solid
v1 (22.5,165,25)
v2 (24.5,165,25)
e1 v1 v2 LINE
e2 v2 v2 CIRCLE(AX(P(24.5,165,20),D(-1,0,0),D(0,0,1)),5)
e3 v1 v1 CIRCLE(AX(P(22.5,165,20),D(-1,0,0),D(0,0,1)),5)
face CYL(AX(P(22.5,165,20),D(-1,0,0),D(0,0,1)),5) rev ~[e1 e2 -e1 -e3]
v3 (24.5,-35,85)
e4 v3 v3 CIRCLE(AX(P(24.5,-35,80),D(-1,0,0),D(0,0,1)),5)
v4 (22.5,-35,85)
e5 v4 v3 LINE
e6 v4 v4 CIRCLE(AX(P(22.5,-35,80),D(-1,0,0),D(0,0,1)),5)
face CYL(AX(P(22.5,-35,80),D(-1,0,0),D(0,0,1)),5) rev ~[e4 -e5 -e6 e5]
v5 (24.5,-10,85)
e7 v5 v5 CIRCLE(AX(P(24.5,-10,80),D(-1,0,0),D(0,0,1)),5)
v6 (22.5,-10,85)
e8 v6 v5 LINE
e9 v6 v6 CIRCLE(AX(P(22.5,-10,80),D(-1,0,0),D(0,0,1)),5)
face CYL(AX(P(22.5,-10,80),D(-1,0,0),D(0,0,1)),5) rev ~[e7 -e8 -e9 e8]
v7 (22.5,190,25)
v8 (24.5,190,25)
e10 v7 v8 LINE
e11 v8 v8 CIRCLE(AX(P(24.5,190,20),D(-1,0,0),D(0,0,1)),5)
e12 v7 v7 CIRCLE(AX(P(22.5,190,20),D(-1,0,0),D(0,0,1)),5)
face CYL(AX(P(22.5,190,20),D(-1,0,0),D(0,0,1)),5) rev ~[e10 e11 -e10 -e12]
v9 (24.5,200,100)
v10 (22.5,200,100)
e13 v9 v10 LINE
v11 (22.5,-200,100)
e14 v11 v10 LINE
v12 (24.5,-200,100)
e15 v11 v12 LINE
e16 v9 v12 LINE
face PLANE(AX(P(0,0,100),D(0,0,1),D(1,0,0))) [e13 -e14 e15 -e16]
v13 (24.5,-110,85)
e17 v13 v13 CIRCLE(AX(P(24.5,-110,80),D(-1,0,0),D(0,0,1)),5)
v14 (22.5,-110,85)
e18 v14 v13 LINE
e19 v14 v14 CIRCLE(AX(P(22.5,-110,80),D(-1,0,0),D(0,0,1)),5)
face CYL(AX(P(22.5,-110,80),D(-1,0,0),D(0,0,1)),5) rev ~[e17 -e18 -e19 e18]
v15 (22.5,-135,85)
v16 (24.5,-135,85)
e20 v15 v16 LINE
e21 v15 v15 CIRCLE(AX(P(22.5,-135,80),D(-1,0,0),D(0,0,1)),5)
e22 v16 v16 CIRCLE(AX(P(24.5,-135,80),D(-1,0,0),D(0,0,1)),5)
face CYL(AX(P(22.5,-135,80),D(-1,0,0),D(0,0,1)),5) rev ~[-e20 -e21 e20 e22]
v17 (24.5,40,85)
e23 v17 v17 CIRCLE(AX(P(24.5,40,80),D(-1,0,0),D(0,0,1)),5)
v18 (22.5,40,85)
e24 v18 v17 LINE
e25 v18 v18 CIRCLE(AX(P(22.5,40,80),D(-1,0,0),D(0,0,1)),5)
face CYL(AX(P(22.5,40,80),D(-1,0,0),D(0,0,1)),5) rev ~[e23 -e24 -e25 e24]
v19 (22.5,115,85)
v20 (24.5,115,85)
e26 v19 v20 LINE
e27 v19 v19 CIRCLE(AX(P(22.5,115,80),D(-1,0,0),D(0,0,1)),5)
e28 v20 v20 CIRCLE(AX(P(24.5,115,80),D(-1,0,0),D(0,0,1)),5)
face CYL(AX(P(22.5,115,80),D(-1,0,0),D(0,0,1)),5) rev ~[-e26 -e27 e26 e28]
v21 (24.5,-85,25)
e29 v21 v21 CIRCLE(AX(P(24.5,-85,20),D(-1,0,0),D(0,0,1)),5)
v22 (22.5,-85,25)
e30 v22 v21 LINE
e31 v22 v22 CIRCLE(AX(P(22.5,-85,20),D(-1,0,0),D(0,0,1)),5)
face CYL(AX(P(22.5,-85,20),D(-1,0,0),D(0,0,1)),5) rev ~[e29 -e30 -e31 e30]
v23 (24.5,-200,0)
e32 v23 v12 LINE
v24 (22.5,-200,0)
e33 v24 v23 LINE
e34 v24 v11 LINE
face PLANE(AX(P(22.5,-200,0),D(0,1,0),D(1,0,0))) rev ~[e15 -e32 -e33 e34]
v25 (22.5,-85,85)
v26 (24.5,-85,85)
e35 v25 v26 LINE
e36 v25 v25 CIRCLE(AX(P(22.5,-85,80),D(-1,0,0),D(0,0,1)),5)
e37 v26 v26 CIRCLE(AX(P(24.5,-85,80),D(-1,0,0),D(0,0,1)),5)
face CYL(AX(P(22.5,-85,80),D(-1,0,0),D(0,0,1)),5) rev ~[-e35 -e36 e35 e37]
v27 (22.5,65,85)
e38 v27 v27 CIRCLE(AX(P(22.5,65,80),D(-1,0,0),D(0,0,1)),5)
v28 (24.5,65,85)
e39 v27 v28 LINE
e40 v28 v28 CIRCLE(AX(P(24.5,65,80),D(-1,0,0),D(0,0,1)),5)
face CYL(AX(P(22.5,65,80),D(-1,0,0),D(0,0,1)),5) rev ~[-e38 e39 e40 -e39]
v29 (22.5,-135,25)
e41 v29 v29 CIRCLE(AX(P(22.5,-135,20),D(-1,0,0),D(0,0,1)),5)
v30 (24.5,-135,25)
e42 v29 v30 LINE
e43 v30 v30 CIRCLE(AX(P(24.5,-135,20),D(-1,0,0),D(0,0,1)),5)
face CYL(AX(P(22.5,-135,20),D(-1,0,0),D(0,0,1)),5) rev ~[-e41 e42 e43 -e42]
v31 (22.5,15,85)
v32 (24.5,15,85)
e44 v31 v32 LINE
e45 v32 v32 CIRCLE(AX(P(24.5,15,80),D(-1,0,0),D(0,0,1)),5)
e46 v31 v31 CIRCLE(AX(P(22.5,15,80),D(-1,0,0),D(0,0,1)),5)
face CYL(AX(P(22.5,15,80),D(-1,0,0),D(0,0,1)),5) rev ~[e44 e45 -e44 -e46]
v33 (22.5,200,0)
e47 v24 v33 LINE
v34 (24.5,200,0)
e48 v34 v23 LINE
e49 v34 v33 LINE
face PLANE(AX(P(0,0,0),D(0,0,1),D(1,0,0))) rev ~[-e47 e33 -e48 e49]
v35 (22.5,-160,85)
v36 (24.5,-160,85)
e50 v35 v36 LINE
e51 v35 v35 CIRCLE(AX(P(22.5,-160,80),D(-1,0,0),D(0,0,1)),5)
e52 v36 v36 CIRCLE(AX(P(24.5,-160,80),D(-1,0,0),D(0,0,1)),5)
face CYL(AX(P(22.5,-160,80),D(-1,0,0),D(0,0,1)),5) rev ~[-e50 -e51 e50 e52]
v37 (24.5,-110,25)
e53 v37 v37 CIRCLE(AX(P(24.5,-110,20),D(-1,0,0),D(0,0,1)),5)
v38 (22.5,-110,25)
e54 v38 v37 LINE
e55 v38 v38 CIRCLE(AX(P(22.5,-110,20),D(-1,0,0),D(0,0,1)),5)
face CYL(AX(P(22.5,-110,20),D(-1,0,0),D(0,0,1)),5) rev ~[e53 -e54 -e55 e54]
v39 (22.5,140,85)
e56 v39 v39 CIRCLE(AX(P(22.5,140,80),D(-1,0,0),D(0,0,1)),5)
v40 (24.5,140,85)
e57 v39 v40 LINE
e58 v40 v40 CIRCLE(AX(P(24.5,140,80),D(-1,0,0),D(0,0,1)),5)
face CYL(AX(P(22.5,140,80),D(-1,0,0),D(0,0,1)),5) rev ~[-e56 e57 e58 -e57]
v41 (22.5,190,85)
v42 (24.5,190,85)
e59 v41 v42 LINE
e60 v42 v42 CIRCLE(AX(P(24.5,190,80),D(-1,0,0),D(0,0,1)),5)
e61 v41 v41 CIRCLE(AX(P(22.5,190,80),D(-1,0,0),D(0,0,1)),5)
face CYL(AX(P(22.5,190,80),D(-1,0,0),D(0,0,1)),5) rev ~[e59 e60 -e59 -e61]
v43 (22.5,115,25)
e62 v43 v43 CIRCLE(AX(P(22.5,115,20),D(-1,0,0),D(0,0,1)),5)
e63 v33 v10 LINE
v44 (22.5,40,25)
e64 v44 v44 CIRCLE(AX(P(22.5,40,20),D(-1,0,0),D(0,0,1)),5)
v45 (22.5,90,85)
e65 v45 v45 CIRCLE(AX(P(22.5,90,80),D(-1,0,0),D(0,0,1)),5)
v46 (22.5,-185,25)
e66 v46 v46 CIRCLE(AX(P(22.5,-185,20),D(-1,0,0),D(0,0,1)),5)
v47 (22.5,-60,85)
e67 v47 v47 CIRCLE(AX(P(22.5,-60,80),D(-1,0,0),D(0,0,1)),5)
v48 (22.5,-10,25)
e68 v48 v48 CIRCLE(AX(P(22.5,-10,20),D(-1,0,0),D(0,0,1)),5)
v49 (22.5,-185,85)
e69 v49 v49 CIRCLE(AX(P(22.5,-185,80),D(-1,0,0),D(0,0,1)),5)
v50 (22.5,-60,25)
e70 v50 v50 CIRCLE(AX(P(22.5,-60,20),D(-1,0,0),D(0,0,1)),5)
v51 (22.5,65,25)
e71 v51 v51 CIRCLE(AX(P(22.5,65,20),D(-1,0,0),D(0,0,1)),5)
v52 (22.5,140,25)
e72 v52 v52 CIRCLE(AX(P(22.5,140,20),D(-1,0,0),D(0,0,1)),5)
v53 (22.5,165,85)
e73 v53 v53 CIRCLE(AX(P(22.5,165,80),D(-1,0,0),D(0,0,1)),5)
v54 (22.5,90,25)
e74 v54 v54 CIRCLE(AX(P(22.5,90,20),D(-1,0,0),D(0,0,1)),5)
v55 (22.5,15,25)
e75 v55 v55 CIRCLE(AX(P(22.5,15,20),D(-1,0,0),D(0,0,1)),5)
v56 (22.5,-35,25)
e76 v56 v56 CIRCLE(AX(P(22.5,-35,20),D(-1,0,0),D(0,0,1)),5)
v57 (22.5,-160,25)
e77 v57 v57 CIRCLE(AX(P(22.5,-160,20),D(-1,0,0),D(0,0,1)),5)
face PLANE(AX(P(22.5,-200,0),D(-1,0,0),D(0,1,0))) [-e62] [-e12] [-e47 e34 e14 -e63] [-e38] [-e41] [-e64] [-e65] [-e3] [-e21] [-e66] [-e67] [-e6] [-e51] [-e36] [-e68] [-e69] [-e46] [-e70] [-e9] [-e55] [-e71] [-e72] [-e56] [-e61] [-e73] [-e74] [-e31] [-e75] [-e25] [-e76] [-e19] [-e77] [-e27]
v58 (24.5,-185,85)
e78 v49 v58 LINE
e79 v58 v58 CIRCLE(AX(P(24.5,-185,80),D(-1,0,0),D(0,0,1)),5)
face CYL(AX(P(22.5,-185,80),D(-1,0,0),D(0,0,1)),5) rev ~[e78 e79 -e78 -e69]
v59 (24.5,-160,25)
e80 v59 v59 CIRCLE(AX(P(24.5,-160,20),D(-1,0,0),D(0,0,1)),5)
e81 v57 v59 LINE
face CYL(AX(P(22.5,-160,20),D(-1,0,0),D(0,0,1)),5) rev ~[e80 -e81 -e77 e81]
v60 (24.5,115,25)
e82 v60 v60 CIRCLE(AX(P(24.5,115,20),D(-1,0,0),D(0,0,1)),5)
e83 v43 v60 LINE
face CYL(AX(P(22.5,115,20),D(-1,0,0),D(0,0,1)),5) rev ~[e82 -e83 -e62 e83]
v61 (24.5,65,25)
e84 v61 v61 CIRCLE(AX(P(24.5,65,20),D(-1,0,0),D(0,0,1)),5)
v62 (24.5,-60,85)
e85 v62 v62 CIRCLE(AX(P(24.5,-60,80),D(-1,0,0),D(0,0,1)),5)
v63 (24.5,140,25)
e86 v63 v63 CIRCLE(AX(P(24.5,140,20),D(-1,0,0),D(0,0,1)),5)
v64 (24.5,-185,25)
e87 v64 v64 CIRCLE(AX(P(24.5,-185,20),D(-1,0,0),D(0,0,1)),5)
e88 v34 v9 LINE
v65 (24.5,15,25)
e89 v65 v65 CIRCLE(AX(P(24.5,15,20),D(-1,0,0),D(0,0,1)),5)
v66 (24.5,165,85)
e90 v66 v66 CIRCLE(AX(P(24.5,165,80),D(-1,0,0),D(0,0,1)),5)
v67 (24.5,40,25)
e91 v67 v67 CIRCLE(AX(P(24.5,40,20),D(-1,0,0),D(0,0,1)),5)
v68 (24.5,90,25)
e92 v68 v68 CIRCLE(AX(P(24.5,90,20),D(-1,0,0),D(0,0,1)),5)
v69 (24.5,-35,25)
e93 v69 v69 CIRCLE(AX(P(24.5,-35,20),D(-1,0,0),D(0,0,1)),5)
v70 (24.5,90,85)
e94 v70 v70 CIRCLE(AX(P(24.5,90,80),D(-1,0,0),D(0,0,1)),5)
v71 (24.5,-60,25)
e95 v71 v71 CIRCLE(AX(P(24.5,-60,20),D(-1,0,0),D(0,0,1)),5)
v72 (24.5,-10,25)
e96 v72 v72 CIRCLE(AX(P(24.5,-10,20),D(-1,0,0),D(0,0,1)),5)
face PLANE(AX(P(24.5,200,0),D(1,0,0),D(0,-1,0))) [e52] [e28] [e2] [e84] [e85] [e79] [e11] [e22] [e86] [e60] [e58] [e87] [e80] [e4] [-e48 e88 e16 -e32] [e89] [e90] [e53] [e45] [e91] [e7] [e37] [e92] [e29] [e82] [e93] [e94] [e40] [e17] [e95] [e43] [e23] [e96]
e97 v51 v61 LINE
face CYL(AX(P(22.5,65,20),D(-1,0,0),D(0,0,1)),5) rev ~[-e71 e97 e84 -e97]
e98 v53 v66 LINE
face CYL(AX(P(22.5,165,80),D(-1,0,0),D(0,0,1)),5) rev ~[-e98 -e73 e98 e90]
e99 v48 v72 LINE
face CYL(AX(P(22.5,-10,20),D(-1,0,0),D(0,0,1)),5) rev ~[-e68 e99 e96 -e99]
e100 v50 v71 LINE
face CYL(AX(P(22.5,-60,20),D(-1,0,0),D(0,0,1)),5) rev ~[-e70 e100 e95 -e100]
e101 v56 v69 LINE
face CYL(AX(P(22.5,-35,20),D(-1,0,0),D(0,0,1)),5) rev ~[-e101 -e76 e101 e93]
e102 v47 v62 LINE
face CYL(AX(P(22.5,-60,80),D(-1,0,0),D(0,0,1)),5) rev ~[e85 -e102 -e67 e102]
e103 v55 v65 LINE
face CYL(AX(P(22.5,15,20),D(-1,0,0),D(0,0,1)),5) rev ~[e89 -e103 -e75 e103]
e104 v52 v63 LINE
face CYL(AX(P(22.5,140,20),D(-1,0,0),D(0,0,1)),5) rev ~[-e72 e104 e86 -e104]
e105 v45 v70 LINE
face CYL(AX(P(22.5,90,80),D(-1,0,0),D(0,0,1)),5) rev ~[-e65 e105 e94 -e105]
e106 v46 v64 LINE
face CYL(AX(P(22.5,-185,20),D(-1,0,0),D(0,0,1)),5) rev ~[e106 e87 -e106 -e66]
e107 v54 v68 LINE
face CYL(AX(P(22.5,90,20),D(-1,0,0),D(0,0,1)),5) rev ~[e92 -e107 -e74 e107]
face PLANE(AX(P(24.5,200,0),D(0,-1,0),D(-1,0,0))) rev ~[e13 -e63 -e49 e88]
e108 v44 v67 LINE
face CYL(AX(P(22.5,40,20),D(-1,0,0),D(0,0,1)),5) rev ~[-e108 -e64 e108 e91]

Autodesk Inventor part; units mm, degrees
ref_plane "YZ Plane" through (0, 0, 0) normal (1, 0, 0) x (0, 1, 0)
ref_plane "XZ Plane" through (0, 0, 0) normal (0, 1, 0) x (-1, 0, 0)
ref_plane "XY Plane" through (0, 0, 0) normal (0, 0, 1) x (1, 0, 0)
ref_plane "Work Plane1" through (0, 0, 0) normal (0, 0, 1) x (1, 0, 0)
sketch "Sketch1" plane through (0, 0, 0) normal (0, 0, 1) x (1, 0, 0)
  arc A0 (3437.5, 230) -> (3437.5, 220) centre (3437.5, 225) ccw projected
  line L0 (3437.5, 230) -> (3452.5, 230) projected
  arc A1 (3452.5, 220) -> (3452.5, 230) centre (3452.5, 225) ccw projected
  line L1 (3452.5, 220) -> (3437.5, 220) projected
  arc A2 (2192.5, 230) -> (2192.5, 220) centre (2192.5, 225) ccw projected
  line L2 (2192.5, 230) -> (2207.5, 230) projected
  arc A3 (2207.5, 220) -> (2207.5, 230) centre (2207.5, 225) ccw projected
  line L3 (2207.5, 220) -> (2192.5, 220) projected
  arc A4 (942.5, 230) -> (942.5, 220) centre (942.5, 225) ccw projected
  line L4 (942.5, 230) -> (957.5, 230) projected
  arc A5 (957.5, 220) -> (957.5, 230) centre (957.5, 225) ccw projected
  line L5 (957.5, 220) -> (942.5, 220) projected
  arc A6 (-7.5, 230) -> (-7.5, 220) centre (-7.5, 225) ccw projected
  line L6 (-7.5, 230) -> (7.5, 230) projected
  arc A7 (7.5, 220) -> (7.5, 230) centre (7.5, 225) ccw projected
  line L7 (7.5, 220) -> (-7.5, 220) projected
  arc A8 (-7.5, -220) -> (-7.5, -230) centre (-7.5, -225) ccw projected
  line L8 (-7.5, -220) -> (7.5, -220) projected
  arc A9 (7.5, -230) -> (7.5, -220) centre (7.5, -225) ccw projected
  line L9 (7.5, -230) -> (-7.5, -230) projected
  arc A10 (942.5, -220) -> (942.5, -230) centre (942.5, -225) ccw projected
  line L10 (942.5, -220) -> (957.5, -220) projected
  arc A11 (957.5, -230) -> (957.5, -220) centre (957.5, -225) ccw projected
  line L11 (957.5, -230) -> (942.5, -230) projected
  arc A12 (2192.5, -220) -> (2192.5, -230) centre (2192.5, -225) ccw projected
  line L12 (2192.5, -220) -> (2207.5, -220) projected
  arc A13 (2207.5, -230) -> (2207.5, -220) centre (2207.5, -225) ccw projected
  line L13 (2207.5, -230) -> (2192.5, -230) projected
  arc A14 (3437.5, -220) -> (3437.5, -230) centre (3437.5, -225) ccw projected
  line L14 (3437.5, -220) -> (3452.5, -220) projected
  arc A15 (3452.5, -230) -> (3452.5, -220) centre (3452.5, -225) ccw projected
  line L15 (3452.5, -230) -> (3437.5, -230) projected
  line L16 (22.5, -250) -> (22.5, -200) projected
  line L17 (22.5, -200) -> (927.5, -200) projected
  line L18 (927.5, -200) -> (927.5, -250) projected
  line L19 (927.5, -250) -> (972.5, -250) projected
  line L20 (972.5, -250) -> (972.5, -200) projected
  line L21 (972.5, -200) -> (2177.5, -200) projected
  line L22 (2177.5, -200) -> (2177.5, -250) projected
  line L23 (2177.5, -250) -> (2222.5, -250) projected
  line L24 (2222.5, -250) -> (2222.5, -200) projected
  line L25 (2222.5, -200) -> (3422.5, -200) projected
  line L26 (3422.5, -200) -> (3422.5, -250) projected
  line L27 (3422.5, -250) -> (3467.5, -250) projected
  line L28 (3467.5, -250) -> (3467.5, 250) projected
  line L29 (3467.5, 250) -> (3422.5, 250) projected
  line L30 (3422.5, 250) -> (3422.5, 200) projected
  line L31 (3422.5, 200) -> (2222.5, 200) projected
  line L32 (2222.5, 200) -> (2222.5, 250) projected
  line L33 (2222.5, 250) -> (2177.5, 250) projected
  line L34 (2177.5, 250) -> (2177.5, 200) projected
  line L35 (2177.5, 200) -> (972.5, 200) projected
  line L36 (972.5, 200) -> (972.5, 250) projected
  line L37 (972.5, 250) -> (927.5, 250) projected
  line L38 (927.5, 250) -> (927.5, 200) projected
  line L39 (927.5, 200) -> (22.5, 200) projected
  line L40 (22.5, 200) -> (22.5, 250) projected
  line L41 (22.5, 250) -> (-22.5, 250) projected
  line L42 (-22.5, 250) -> (-22.5, -250) projected
  line L43 (-22.5, -250) -> (22.5, -250) projected
  line L44 (22.5, 200) -> (24.5, 200)
  line L45 (24.5, 200) -> (24.5, -200)
  line L46 (24.5, -200) -> (22.5, -200)
  line L47 (22.5, -200) -> (22.5, 200)
  point P0 (0, 0)
  dimension "d0" = 2
extrude "Extrusion1" add sketch "Sketch1" along normal blind 100 contours L47 L39 L45 L17
sketch "Sketch2" plane through (22.5, -200, 0) normal (-1, 0, 0) x (0, 0, 1)
  line L0 (0, 400) -> (0, 0) projected
  line L1 (0, 0) -> (100, 0) projected
  line L2 (100, 400) -> (100, 0) projected
  line L3 (0, 400) -> (100, 400) projected
  line L4 (50, 400) -> (50, 0) construction
  line L5 (0, 0) -> (100, 0) construction
  line L6 (0, 200) -> (100, 200) construction
  circle A0 centre (80, 390) radius 5
  dimension "d6" = 10
  dimension "d7" = 20
  dimension "d8" = 10
extrude "Extrusion2" cut sketch "Sketch2" against normal blind 400 contours A0
pattern_linear "Rectangular Pattern1" count 2 spacing 60 along (0, 0, -1) count 16 spacing 25 along (0, -1, 0) of "Extrusion2"
properties part number "Cover Plate"
